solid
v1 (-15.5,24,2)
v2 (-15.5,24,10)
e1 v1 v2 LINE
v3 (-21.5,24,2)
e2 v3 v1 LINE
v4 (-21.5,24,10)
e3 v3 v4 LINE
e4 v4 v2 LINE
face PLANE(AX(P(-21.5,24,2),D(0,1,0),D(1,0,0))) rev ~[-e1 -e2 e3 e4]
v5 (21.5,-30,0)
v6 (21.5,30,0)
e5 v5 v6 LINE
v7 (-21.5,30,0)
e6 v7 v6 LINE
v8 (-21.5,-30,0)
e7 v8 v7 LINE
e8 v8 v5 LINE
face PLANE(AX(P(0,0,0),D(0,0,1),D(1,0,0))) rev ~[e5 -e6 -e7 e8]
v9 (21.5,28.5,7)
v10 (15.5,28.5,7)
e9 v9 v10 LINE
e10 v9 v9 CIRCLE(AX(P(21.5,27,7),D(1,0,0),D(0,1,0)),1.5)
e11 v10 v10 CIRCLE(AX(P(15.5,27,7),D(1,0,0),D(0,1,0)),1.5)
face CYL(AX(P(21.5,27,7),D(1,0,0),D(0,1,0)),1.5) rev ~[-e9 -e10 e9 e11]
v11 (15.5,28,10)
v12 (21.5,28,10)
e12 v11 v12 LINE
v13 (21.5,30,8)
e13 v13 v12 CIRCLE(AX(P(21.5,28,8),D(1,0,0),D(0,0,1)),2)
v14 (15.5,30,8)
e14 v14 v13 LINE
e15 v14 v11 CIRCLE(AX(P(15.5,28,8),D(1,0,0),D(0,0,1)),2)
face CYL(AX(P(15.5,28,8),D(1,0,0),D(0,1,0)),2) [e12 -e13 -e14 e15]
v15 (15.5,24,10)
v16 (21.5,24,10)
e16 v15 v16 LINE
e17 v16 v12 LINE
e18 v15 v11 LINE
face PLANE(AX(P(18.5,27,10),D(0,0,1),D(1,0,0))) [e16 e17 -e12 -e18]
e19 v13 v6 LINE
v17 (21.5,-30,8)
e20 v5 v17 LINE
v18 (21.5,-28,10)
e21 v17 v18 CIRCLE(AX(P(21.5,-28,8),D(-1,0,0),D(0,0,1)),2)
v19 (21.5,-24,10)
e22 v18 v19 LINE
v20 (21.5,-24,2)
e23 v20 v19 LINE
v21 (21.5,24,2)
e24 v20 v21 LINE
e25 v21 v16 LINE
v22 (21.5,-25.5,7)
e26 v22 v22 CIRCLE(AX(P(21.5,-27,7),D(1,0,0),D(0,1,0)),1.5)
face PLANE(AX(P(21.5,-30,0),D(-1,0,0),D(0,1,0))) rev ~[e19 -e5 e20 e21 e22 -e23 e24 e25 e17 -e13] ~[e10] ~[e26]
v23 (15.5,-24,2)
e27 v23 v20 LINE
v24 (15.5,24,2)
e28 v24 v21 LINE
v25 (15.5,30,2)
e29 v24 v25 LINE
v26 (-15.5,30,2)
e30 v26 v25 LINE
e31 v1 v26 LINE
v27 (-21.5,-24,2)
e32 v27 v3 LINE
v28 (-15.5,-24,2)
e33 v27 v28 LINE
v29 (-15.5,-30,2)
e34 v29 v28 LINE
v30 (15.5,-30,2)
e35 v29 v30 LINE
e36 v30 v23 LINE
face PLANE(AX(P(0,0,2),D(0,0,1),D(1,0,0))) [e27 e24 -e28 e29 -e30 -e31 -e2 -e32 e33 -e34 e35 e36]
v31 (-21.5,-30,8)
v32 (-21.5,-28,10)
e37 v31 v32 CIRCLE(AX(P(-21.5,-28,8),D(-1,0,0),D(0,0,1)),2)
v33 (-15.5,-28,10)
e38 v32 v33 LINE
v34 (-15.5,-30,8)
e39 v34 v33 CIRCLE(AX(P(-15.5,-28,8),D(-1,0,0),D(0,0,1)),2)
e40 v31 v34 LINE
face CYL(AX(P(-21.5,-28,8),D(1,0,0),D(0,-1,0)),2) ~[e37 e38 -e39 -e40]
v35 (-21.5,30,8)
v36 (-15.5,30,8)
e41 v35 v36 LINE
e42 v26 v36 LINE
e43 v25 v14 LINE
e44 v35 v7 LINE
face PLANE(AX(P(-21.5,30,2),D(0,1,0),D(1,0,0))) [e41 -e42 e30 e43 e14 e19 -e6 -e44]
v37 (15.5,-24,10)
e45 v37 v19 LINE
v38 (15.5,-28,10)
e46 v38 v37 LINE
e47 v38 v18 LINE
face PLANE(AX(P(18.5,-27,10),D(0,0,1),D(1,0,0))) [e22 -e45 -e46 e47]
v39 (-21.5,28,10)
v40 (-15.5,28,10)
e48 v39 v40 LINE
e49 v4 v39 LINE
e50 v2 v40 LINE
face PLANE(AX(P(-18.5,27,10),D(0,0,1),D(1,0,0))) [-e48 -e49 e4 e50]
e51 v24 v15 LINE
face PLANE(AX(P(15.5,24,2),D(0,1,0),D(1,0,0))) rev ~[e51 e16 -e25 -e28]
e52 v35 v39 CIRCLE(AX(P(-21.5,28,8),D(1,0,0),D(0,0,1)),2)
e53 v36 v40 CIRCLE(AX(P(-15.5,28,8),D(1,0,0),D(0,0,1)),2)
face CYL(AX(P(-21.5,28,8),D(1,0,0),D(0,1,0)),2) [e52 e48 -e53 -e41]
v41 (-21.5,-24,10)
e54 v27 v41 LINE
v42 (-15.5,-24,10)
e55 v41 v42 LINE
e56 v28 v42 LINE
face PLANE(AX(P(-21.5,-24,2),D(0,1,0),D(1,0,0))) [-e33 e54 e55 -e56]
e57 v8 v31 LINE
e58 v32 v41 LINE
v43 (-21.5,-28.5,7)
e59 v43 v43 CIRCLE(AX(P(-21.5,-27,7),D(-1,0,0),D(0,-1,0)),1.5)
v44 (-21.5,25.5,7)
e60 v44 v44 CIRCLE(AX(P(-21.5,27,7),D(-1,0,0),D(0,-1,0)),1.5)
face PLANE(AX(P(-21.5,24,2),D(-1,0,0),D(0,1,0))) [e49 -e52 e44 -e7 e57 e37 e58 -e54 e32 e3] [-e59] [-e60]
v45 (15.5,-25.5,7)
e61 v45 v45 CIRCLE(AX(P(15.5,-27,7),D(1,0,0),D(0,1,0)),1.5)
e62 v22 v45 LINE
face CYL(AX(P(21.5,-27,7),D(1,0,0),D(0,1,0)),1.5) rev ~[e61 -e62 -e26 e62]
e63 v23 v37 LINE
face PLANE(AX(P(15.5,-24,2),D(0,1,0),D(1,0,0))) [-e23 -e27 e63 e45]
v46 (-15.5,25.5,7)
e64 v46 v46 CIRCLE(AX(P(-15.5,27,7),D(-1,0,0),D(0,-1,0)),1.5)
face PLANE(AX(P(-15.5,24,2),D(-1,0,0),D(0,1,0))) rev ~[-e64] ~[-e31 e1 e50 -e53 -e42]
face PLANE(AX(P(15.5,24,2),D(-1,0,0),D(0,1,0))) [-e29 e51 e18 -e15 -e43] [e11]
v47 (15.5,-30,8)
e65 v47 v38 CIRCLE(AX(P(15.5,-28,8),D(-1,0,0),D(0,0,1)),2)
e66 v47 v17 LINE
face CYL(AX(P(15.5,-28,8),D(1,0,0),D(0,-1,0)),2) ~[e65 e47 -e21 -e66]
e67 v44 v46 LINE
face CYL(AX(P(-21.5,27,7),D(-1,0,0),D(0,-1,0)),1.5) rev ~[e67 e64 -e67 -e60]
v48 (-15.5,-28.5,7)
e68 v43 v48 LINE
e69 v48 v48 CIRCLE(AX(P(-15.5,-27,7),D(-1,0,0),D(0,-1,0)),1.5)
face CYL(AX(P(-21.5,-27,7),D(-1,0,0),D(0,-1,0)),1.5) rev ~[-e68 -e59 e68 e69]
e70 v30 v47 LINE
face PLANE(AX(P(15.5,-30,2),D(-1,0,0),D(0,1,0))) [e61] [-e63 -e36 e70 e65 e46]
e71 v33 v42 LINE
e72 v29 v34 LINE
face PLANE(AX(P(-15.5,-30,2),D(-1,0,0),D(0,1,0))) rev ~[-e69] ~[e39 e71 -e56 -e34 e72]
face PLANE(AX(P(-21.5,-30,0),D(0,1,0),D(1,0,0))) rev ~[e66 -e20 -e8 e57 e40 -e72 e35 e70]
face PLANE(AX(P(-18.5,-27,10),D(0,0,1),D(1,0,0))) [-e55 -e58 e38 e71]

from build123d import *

# Parameters (mm, degrees)
SKETCH_W        = 43
SKETCH_H        = 60
PAD_DEPTH       = 2
SKETCH001_W     = 6
SKETCH001_H     = 6
PAD001_DEPTH    = 8
SKETCH002_R     = 1.5
POCKET_DEPTH    = 6
SKETCH003_R     = 1.5
POCKET001_DEPTH = 6
FILLET_R        = 2
FILLET001_R     = 2
FILLET002_R     = 2
FILLET003_R     = 2


with BuildPart() as part:
    # Sketch → Pad (new body)
    with BuildSketch(Plane.XY):
        Rectangle(SKETCH_W, SKETCH_H)
    extrude(amount=PAD_DEPTH)

    # Sketch001 (on Face6 of Pad) → Pad001 (join)
    with BuildSketch(Plane.XY.offset(2)):
        with Locations((-18.5, 27)):
            Rectangle(SKETCH001_W, SKETCH001_H)
        with Locations((18.5, 27)):
            Rectangle(SKETCH001_W, SKETCH001_H)
        with Locations((-18.5, -27)):
            Rectangle(SKETCH001_W, SKETCH001_H)
        with Locations((18.5, -27)):
            Rectangle(SKETCH001_W, SKETCH001_H)
    extrude(amount=PAD001_DEPTH)

    # Sketch002 (on Face12 of Pad001) → Pocket (cut)
    with BuildSketch(Plane.YZ.offset(21.5)):
        with Locations((-27, 7)):
            Circle(SKETCH002_R)
        with Locations((27, 7)):
            Circle(SKETCH002_R)
    extrude(amount=-POCKET_DEPTH, mode=Mode.SUBTRACT)

    # Sketch003 (on Face10 of Pocket) → Pocket001 (cut)
    with BuildSketch(Plane(origin=(-21.5, 0, 0), x_dir=(0, -1, 0), z_dir=(-1, 0, 0))):
        with Locations((-27, 7)):
            Circle(SKETCH003_R)
        with Locations((27, 7)):
            Circle(SKETCH003_R)
    extrude(amount=-POCKET001_DEPTH, mode=Mode.SUBTRACT)

    # Fillet
    fillet_edges = [part.edges().sort_by_distance(p)[0] for p in [
        (18.5, 30, 10),
    ]]
    fillet(fillet_edges, radius=FILLET_R)

    # Fillet001
    fillet001_edges = [part.edges().sort_by_distance(p)[0] for p in [
        (-18.5, 30, 10),
    ]]
    fillet(fillet001_edges, radius=FILLET001_R)

    # Fillet002
    fillet002_edges = [part.edges().sort_by_distance(p)[0] for p in [
        (-18.5, -30, 10),
    ]]
    fillet(fillet002_edges, radius=FILLET002_R)

    # Fillet003
    fillet003_edges = [part.edges().sort_by_distance(p)[0] for p in [
        (18.5, -30, 10),
    ]]
    fillet(fillet003_edges, radius=FILLET003_R)


solid = part.part
